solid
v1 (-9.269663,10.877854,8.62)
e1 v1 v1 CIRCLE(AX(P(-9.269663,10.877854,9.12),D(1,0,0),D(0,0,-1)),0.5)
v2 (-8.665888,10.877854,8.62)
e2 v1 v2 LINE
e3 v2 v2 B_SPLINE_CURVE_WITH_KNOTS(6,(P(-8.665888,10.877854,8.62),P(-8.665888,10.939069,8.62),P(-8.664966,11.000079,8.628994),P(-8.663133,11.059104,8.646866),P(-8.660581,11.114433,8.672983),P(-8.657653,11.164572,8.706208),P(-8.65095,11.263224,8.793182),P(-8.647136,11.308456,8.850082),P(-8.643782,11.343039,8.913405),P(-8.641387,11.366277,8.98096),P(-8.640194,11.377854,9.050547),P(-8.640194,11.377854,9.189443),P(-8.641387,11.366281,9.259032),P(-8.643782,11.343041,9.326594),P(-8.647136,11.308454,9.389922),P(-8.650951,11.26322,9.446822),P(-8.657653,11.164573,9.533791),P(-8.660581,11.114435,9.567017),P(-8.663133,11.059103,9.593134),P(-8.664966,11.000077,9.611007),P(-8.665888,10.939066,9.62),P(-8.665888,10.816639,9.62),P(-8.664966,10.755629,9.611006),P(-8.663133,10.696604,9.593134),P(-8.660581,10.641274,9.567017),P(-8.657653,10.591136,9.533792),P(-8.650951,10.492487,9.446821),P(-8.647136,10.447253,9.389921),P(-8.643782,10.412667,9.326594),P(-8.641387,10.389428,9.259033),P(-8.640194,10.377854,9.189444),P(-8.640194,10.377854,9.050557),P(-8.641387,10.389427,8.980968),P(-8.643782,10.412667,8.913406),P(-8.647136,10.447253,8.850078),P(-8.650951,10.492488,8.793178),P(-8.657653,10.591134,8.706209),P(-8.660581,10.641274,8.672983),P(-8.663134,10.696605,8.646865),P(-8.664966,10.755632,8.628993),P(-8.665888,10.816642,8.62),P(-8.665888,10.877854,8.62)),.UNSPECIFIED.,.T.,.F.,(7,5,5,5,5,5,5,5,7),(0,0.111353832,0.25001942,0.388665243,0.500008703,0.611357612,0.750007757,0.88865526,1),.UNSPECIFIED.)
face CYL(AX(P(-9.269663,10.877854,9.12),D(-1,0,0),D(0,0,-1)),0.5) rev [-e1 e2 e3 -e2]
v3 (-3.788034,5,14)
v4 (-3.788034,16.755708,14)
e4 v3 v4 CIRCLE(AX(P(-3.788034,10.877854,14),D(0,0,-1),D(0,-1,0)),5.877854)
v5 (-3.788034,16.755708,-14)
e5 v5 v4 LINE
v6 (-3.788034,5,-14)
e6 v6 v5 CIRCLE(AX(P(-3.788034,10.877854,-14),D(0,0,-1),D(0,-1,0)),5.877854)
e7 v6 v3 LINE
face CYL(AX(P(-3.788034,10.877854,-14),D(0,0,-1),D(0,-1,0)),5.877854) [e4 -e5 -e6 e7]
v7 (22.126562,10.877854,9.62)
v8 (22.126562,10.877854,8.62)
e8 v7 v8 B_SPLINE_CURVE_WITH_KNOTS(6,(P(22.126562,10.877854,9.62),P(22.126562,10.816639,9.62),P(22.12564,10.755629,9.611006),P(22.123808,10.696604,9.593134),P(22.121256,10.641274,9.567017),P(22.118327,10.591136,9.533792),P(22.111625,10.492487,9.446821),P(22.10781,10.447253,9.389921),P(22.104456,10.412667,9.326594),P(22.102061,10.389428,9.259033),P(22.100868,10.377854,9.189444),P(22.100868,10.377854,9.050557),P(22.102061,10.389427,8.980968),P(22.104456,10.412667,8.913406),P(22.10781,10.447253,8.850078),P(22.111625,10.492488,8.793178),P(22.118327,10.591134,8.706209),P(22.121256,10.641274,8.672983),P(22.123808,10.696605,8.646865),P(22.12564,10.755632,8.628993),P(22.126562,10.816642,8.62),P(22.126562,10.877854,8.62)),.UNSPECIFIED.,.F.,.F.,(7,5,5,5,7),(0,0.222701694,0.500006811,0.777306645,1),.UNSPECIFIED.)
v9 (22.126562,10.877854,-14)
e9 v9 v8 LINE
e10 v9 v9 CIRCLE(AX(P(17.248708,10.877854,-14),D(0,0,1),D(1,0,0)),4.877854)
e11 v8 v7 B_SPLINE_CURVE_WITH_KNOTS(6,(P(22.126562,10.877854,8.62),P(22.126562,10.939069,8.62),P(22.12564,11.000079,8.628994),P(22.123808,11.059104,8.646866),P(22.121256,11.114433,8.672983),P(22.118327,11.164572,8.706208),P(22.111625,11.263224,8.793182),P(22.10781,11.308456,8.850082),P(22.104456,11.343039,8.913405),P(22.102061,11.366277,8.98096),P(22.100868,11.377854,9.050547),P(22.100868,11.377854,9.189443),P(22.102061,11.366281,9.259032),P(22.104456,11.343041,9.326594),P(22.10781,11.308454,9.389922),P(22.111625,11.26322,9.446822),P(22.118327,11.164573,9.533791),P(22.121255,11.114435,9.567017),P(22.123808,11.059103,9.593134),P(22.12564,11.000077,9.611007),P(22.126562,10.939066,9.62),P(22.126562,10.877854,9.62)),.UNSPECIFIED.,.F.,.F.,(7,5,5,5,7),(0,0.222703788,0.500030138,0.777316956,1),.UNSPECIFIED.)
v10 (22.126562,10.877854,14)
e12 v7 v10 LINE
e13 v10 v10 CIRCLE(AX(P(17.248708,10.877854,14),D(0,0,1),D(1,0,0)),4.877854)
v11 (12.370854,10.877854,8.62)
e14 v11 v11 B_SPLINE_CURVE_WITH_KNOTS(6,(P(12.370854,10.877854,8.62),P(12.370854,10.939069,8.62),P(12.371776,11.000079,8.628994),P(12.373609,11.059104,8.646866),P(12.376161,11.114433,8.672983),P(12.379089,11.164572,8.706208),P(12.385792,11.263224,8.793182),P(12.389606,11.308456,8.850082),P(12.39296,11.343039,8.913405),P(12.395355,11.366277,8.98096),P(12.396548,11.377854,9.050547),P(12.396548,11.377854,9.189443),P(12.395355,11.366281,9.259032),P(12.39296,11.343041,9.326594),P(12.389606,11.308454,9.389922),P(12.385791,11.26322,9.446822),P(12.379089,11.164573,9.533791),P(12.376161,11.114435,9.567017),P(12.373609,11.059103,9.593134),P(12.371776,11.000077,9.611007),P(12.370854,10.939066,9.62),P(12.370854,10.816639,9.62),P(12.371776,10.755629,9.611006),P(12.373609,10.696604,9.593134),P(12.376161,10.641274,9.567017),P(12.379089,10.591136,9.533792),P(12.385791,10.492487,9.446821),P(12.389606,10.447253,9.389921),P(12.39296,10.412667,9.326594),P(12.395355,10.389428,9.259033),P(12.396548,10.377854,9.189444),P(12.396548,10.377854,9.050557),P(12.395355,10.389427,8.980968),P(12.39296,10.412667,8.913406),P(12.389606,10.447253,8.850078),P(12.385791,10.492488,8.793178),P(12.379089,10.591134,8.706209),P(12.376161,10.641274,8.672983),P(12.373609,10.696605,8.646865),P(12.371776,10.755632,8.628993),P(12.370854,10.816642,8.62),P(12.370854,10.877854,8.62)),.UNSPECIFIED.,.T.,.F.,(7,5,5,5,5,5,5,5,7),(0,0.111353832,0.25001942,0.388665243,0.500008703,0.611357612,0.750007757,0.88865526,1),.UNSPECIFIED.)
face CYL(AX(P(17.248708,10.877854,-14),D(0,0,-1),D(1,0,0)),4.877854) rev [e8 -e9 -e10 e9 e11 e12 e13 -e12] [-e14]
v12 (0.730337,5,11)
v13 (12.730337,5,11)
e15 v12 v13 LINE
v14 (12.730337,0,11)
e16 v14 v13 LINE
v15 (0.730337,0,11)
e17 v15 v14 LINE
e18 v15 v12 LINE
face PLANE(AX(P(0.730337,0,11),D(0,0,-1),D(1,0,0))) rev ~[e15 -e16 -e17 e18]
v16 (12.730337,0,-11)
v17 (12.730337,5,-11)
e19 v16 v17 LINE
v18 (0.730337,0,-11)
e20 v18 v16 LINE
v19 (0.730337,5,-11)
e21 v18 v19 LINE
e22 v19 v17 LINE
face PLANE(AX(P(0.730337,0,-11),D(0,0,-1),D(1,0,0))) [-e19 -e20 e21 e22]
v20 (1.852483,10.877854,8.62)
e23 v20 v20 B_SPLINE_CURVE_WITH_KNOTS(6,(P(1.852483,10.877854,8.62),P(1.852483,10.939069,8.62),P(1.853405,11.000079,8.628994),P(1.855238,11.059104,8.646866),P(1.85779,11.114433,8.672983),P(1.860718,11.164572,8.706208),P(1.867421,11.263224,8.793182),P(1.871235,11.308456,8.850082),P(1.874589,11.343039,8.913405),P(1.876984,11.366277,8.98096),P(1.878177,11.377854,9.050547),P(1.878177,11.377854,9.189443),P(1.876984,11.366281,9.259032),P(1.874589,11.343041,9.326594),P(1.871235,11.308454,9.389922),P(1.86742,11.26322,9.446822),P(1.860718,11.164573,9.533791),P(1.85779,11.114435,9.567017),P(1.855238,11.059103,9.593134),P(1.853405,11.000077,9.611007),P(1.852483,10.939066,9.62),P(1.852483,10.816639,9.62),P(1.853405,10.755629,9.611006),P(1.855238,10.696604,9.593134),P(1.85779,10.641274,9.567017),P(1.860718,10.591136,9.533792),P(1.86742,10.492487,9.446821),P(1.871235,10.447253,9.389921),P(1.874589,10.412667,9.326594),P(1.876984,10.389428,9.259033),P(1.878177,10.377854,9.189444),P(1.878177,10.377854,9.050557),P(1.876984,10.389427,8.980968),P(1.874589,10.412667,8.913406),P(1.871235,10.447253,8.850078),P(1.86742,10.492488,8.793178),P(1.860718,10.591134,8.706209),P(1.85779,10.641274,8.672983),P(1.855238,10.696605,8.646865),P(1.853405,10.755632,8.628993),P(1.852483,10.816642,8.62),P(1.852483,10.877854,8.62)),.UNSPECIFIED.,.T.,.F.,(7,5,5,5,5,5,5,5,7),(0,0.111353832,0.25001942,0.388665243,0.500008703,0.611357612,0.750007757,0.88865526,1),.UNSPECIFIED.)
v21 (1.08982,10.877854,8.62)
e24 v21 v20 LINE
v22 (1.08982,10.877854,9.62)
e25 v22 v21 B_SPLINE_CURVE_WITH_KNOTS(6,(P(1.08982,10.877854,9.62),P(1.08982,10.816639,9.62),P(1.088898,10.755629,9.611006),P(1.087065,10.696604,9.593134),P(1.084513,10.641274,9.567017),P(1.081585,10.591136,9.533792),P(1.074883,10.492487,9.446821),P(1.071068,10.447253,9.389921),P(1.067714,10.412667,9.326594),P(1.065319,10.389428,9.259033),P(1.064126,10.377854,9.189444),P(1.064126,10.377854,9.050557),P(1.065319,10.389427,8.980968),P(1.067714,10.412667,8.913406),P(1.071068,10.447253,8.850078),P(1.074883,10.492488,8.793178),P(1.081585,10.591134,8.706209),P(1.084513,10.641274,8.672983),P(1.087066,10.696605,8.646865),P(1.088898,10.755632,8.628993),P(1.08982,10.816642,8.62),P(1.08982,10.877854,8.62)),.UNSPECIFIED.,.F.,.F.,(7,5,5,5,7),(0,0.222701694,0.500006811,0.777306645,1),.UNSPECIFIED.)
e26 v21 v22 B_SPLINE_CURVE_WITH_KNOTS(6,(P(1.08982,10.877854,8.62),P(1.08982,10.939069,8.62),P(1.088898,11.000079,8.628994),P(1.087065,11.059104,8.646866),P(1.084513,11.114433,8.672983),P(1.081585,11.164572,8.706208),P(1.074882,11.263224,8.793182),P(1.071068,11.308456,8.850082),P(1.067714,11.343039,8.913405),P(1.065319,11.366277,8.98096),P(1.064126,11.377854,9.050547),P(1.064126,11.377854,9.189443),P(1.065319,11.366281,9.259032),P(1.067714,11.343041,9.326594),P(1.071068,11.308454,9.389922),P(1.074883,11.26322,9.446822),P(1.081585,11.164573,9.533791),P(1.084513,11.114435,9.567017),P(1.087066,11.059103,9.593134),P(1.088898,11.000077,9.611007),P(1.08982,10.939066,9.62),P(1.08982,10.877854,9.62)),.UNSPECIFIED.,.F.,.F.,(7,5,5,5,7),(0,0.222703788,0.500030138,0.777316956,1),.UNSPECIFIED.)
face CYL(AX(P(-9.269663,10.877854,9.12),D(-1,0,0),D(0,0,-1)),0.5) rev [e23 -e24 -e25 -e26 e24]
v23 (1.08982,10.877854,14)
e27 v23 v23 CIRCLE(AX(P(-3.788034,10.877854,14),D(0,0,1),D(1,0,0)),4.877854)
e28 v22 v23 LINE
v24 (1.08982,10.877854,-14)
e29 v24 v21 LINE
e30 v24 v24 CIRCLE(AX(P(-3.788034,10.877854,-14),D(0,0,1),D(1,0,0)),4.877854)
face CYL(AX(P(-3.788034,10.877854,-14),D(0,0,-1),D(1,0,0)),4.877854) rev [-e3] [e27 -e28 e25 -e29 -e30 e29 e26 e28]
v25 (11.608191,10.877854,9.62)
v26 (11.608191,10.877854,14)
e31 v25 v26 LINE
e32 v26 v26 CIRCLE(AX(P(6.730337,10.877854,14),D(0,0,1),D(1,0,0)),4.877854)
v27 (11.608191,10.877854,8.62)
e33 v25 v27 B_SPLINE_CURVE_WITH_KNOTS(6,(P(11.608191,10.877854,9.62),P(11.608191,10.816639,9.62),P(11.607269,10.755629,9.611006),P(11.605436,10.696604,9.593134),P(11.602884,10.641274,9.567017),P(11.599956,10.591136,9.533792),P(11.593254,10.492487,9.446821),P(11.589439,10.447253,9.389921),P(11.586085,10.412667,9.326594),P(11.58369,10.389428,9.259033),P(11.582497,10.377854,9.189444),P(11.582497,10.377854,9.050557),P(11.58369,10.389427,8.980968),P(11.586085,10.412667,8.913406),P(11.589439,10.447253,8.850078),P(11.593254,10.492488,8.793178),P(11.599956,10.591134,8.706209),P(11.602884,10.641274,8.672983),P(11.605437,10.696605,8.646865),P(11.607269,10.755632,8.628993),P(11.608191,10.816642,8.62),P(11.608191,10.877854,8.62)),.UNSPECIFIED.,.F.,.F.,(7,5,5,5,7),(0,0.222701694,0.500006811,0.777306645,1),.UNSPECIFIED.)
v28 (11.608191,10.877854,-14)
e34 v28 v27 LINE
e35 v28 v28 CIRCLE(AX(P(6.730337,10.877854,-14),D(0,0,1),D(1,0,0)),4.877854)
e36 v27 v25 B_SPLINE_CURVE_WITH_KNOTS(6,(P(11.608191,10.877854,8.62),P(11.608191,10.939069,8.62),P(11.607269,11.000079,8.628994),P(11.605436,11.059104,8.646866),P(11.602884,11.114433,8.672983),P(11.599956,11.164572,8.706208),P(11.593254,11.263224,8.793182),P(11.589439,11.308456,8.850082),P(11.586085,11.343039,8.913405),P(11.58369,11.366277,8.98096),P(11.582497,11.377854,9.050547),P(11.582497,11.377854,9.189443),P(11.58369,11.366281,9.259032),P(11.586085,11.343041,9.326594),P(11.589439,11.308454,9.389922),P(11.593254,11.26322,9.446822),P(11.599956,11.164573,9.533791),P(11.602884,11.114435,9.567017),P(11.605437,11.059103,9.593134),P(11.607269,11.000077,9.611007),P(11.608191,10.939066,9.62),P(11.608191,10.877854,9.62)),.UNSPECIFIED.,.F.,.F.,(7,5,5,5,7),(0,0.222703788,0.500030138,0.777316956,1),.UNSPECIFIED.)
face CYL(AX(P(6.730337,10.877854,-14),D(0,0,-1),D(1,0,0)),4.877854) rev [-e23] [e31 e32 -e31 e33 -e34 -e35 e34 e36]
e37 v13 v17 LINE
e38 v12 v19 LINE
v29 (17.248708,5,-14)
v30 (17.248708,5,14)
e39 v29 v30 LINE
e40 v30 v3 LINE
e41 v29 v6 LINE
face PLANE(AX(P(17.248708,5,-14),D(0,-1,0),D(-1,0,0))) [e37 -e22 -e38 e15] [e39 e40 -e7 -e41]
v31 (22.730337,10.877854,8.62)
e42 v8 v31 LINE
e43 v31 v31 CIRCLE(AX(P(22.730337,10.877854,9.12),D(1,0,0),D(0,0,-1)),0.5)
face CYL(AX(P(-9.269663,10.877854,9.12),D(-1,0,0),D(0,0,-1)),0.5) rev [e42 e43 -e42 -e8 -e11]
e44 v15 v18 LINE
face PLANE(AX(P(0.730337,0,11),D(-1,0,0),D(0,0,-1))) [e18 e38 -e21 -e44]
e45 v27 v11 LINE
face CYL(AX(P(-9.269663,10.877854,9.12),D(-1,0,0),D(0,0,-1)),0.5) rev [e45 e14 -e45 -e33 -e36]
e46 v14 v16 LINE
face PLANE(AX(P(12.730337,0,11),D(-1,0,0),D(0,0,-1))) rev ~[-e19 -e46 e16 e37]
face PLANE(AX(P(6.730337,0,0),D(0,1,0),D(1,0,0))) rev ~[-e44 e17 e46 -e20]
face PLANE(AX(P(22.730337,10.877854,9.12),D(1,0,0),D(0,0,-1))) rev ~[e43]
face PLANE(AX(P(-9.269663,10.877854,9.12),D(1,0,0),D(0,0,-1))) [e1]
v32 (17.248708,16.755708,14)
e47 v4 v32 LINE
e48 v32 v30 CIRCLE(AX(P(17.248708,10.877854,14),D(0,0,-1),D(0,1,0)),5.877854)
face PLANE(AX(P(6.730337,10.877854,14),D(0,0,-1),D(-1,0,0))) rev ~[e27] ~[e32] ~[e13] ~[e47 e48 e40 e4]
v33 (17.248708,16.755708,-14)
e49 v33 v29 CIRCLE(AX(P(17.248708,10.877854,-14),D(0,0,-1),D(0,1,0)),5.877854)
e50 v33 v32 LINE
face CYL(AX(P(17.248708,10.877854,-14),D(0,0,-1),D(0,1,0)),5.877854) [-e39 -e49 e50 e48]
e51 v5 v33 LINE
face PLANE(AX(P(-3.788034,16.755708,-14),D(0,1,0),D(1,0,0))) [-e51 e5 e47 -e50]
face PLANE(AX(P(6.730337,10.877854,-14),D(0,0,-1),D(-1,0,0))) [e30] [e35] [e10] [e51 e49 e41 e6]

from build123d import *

# Parameters (mm, degrees)
SKETCH1_W                = 12
SKETCH1_H                = 22
BOSS_EXTRUDE1_DEPTH      = 5
BOSS_EXTRUDE2_DEPTH      = 3
BOSS_EXTRUDE2_DEPTH_BACK = 25
SKETCH2_R                = 4.877853957
CUT_EXTRUDE1_DEPTH       = 16
CUT_EXTRUDE1_DEPTH_BACK  = 16
SKETCH4_R                = 0.5


with BuildPart() as part:
    # Sketch1 → Boss-Extrude1 (new body)
    with BuildSketch(Plane(origin=(0, 0, 0), x_dir=(1, 0, 0), z_dir=(0, 1, 0))):
        with Locations((6.730337079, 0)):
            Rectangle(SKETCH1_W, SKETCH1_H)
    extrude(amount=BOSS_EXTRUDE1_DEPTH)

    # Sketch2 → Boss-Extrude2 (add, two sides: drawn at the far end of the back side and taken through both)
    with BuildSketch(Plane.XY.offset(11).offset(-BOSS_EXTRUDE2_DEPTH_BACK)):
        with BuildLine():
            Line((-3.78803397, 16.755707913), (17.248708128, 16.755707913))
            ThreePointArc((17.248708128, 16.755707913), (23.126562084, 10.877853957), (17.248708128, 5))
            Line((17.248708128, 5), (-3.78803397, 5))
            ThreePointArc((-3.78803397, 5), (-9.665887927, 10.877853957), (-3.78803397, 16.755707913))
        make_face()
        with Locations((17.248708128, 10.877853957)):
            Circle(SKETCH2_R, mode=Mode.SUBTRACT)
        with Locations((6.730337079, 10.877853957)):
            Circle(SKETCH2_R, mode=Mode.SUBTRACT)
        with Locations((-3.78803397, 10.877853957)):
            Circle(SKETCH2_R, mode=Mode.SUBTRACT)
    extrude(amount=BOSS_EXTRUDE2_DEPTH + BOSS_EXTRUDE2_DEPTH_BACK)

    # Sketch4 → Cut-Extrude1 (cut, two sides: drawn at the far end of the back side and taken through both)
    with BuildSketch(Plane(origin=(6.730337079, 0, 0), x_dir=(0, 0, -1), z_dir=(1, 0, 0)).offset(-CUT_EXTRUDE1_DEPTH_BACK)):
        with Locations((-9.12, 10.877853957)):
            Circle(SKETCH4_R)
    extrude(amount=CUT_EXTRUDE1_DEPTH + CUT_EXTRUDE1_DEPTH_BACK, mode=Mode.SUBTRACT)


solid = part.part
